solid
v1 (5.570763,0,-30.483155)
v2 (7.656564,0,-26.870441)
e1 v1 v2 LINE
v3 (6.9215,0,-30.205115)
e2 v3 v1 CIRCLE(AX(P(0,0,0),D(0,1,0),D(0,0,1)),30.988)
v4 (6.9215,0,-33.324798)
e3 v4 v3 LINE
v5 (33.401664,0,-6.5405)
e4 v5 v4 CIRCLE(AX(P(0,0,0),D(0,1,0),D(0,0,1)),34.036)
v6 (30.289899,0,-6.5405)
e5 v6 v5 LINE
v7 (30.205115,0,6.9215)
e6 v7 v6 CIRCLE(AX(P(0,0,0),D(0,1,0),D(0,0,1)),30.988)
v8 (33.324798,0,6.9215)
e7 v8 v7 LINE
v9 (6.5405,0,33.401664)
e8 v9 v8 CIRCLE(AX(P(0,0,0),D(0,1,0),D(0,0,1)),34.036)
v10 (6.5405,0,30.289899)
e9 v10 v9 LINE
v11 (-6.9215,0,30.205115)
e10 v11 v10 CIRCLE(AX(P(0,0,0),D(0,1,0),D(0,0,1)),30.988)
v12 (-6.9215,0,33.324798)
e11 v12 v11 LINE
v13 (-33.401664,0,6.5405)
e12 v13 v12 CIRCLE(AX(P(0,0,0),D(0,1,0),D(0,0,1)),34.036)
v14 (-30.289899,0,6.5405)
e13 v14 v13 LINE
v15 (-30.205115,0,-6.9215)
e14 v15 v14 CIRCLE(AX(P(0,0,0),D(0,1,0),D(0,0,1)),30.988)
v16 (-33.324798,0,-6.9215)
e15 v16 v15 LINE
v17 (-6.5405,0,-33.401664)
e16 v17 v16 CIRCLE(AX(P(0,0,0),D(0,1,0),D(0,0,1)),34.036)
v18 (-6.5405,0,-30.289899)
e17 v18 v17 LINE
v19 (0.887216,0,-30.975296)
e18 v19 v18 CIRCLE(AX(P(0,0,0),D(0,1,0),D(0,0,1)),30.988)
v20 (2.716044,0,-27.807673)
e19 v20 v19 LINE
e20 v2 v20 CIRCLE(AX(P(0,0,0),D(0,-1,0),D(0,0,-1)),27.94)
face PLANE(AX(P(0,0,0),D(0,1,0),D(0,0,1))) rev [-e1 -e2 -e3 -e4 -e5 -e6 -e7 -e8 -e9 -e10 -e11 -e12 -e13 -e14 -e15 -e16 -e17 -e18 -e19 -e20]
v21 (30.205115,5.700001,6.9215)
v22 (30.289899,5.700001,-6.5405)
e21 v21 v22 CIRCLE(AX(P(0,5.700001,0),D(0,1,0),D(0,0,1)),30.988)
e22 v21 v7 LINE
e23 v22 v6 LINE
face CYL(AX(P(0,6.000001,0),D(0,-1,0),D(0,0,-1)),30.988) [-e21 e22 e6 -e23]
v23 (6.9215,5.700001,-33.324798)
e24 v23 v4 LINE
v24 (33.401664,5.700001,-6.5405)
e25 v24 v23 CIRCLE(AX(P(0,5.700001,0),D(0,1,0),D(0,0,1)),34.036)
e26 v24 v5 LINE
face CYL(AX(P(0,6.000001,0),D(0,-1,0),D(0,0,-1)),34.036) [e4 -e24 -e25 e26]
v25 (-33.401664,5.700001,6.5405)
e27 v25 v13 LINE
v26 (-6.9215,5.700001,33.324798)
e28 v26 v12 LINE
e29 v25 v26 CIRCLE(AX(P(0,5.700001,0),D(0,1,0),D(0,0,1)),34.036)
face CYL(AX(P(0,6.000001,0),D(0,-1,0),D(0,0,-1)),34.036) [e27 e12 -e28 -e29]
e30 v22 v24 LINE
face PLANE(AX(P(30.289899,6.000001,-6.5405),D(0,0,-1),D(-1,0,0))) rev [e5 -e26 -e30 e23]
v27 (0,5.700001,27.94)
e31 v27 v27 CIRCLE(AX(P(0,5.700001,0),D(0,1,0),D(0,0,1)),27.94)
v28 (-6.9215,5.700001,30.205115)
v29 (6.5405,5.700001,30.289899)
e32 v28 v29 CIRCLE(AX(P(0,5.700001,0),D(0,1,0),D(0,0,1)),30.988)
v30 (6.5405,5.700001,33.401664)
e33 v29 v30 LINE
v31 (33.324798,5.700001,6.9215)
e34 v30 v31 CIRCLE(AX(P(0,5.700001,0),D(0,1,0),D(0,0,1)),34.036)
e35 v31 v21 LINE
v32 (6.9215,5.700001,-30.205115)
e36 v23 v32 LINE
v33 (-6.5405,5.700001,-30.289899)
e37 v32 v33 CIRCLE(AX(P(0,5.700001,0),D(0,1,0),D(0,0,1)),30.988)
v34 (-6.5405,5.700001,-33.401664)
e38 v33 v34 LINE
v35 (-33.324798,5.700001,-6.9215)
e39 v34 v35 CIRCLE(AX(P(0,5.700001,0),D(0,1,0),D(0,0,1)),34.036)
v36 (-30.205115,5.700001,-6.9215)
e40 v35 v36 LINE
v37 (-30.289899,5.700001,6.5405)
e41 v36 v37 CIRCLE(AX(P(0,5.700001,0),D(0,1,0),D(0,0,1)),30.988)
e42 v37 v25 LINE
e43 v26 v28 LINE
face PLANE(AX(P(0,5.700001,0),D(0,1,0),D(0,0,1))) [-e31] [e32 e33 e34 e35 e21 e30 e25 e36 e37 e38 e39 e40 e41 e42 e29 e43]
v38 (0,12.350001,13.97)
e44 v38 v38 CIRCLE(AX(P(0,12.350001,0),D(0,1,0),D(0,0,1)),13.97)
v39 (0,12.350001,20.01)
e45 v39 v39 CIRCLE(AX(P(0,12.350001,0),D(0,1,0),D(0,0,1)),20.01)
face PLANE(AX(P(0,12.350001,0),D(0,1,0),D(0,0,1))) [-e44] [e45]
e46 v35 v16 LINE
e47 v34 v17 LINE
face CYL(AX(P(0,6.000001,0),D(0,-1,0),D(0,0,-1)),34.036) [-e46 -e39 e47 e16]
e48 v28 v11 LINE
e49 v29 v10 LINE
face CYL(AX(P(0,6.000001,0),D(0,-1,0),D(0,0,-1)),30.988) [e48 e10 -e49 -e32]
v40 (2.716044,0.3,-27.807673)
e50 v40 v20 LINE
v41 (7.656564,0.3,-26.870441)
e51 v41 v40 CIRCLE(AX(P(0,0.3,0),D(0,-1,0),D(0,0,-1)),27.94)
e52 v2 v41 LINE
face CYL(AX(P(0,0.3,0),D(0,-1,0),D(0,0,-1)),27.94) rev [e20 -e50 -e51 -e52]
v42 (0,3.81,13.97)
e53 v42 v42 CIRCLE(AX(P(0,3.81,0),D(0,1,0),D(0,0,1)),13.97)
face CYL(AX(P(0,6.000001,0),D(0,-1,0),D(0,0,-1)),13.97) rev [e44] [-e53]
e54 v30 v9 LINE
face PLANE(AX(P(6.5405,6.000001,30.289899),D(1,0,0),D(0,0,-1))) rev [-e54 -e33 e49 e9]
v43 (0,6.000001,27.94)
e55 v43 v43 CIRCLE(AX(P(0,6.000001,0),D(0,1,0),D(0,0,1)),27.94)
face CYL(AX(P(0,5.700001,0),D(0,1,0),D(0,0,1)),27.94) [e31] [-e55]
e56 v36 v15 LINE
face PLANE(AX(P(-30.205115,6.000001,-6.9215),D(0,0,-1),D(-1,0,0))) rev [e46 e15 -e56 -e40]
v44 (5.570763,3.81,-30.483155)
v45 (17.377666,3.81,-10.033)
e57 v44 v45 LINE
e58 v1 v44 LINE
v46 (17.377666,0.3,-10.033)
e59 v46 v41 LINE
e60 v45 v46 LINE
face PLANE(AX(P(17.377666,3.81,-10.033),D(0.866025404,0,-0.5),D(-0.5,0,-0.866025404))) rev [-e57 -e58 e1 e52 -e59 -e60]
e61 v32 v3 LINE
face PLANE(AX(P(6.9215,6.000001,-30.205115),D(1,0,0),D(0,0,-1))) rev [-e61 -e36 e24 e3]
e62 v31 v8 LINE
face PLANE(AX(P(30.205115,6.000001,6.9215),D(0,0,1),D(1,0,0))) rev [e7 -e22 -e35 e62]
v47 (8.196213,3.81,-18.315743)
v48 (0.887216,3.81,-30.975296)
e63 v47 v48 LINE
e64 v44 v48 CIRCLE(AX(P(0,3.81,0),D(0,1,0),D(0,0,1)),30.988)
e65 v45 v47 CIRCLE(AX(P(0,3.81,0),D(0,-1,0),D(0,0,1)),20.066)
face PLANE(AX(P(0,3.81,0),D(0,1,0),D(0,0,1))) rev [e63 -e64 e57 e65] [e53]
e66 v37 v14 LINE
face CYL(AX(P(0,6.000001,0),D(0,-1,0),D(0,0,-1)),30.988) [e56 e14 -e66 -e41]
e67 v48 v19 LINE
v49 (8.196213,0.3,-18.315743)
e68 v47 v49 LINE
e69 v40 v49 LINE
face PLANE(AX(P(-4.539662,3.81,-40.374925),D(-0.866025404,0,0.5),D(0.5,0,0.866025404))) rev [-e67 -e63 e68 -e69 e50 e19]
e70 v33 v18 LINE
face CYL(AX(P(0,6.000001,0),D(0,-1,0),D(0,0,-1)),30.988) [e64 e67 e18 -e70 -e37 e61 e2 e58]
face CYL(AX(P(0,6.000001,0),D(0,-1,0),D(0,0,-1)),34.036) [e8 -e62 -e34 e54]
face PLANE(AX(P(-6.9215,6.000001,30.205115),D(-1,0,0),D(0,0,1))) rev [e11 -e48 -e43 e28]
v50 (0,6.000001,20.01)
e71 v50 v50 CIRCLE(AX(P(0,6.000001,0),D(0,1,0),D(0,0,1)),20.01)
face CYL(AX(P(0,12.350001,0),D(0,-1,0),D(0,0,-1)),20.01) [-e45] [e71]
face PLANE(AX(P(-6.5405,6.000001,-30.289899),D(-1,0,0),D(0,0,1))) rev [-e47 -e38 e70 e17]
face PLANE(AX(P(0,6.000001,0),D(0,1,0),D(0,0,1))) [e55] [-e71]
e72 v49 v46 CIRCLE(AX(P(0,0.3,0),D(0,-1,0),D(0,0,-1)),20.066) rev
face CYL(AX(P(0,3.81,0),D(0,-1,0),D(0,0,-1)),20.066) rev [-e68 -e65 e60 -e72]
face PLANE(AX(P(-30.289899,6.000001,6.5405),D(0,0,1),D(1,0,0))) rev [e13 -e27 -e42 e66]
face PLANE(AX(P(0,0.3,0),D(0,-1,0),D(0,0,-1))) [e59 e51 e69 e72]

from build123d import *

# Parameters (mm, degrees)
SKETCH1_R           = 13.97
BOSS_EXTRUDE2_DEPTH = 6.0000007
CUT_EXTRUDE1_DEPTH  = 3.81
SKETCH3_R           = 27.94
CUT_EXTRUDE2_DEPTH  = 0.3
SKETCH5_R           = 20.01
SKETCH5_R_2         = 13.97
BOSS_EXTRUDE3_DEPTH = 6.35
CUT_EXTRUDE3_START  = -0.3
SKETCH6_R           = 50.8
SKETCH6_R_2         = 27.94
CUT_EXTRUDE3_DEPTH  = 0.3


with BuildPart() as part:
    # Sketch1 → Boss-Extrude2 (new body)
    with BuildSketch(Plane(origin=(0, 0, 0), x_dir=(1, 0, 0), z_dir=(0, 1, 0))):
        with BuildLine():
            Line((30.289899368, 6.5405), (33.401663967, 6.5405))
            ThreePointArc((33.401663967, 6.5405), (24.204111991, 23.929276184), (6.9215, 33.32479758))
            Line((6.9215, 33.32479758), (6.9215, 30.205115159))
            ThreePointArc((6.9215, 30.205115159), (0.195159782, 30.987385444), (-6.5405, 30.289899368))
            Line((-6.5405, 30.289899368), (-6.5405, 33.401663967))
            ThreePointArc((-6.5405, 33.401663967), (-23.929276184, 24.204111991), (-33.32479758, 6.9215))
            Line((-33.32479758, 6.9215), (-30.205115159, 6.9215))
            ThreePointArc((-30.205115159, 6.9215), (-30.987385444, 0.195159782), (-30.289899368, -6.5405))
            Line((-30.289899368, -6.5405), (-33.401663967, -6.5405))
            ThreePointArc((-33.401663967, -6.5405), (-24.204111991, -23.929276184), (-6.9215, -33.32479758))
            Line((-6.9215, -33.32479758), (-6.9215, -30.205115159))
            ThreePointArc((-6.9215, -30.205115159), (-0.195159782, -30.987385444), (6.5405, -30.289899368))
            Line((6.5405, -30.289899368), (6.5405, -33.401663967))
            ThreePointArc((6.5405, -33.401663967), (23.929276184, -24.204111991), (33.32479758, -6.9215))
            Line((33.32479758, -6.9215), (30.205115159, -6.9215))
            ThreePointArc((30.205115159, -6.9215), (30.987385444, -0.195159782), (30.289899368, 6.5405))
        make_face()
        Circle(SKETCH1_R, mode=Mode.SUBTRACT)
    extrude(amount=BOSS_EXTRUDE2_DEPTH)

    # Sketch2 → Cut-Extrude1 (cut)
    with BuildSketch(Plane.XZ):
        with BuildLine():
            Line((17.377665752, -10.033), (-0.286554615, -40.628327152))
            ThreePointArc((-0.286554615, -40.628327152), (-2.416432138, -40.557415308), (-4.539661745, -40.374924792))
            Line((-4.539661745, -40.374924792), (8.196212586, -18.315743371))
            ThreePointArc((8.196212586, -18.315743371), (-13.440862054, 14.899247741), (17.377665752, -10.033))
        make_face()
    extrude(amount=-CUT_EXTRUDE1_DEPTH, mode=Mode.SUBTRACT)

    # Sketch3 → Cut-Extrude2 (cut)
    with BuildSketch(Plane.XZ):
        Circle(SKETCH3_R)
    extrude(amount=-CUT_EXTRUDE2_DEPTH, mode=Mode.SUBTRACT)

    # Sketch5 → Boss-Extrude3 (add)
    with BuildSketch(Plane(origin=(0, 6.0000007, 0), x_dir=(1, 0, 0), z_dir=(0, 1, 0))):
        Circle(SKETCH5_R)
        Circle(SKETCH5_R_2, mode=Mode.SUBTRACT)
    extrude(amount=BOSS_EXTRUDE3_DEPTH)

    # Sketch6 → Cut-Extrude3 (cut)
    with BuildSketch(Plane(origin=(0, 6.0000007, 0), x_dir=(1, 0, 0), z_dir=(0, 1, 0)).offset(CUT_EXTRUDE3_START)):
        Circle(SKETCH6_R)
        Circle(SKETCH6_R_2, mode=Mode.SUBTRACT)
    extrude(amount=CUT_EXTRUDE3_DEPTH, mode=Mode.SUBTRACT)


solid = part.part
